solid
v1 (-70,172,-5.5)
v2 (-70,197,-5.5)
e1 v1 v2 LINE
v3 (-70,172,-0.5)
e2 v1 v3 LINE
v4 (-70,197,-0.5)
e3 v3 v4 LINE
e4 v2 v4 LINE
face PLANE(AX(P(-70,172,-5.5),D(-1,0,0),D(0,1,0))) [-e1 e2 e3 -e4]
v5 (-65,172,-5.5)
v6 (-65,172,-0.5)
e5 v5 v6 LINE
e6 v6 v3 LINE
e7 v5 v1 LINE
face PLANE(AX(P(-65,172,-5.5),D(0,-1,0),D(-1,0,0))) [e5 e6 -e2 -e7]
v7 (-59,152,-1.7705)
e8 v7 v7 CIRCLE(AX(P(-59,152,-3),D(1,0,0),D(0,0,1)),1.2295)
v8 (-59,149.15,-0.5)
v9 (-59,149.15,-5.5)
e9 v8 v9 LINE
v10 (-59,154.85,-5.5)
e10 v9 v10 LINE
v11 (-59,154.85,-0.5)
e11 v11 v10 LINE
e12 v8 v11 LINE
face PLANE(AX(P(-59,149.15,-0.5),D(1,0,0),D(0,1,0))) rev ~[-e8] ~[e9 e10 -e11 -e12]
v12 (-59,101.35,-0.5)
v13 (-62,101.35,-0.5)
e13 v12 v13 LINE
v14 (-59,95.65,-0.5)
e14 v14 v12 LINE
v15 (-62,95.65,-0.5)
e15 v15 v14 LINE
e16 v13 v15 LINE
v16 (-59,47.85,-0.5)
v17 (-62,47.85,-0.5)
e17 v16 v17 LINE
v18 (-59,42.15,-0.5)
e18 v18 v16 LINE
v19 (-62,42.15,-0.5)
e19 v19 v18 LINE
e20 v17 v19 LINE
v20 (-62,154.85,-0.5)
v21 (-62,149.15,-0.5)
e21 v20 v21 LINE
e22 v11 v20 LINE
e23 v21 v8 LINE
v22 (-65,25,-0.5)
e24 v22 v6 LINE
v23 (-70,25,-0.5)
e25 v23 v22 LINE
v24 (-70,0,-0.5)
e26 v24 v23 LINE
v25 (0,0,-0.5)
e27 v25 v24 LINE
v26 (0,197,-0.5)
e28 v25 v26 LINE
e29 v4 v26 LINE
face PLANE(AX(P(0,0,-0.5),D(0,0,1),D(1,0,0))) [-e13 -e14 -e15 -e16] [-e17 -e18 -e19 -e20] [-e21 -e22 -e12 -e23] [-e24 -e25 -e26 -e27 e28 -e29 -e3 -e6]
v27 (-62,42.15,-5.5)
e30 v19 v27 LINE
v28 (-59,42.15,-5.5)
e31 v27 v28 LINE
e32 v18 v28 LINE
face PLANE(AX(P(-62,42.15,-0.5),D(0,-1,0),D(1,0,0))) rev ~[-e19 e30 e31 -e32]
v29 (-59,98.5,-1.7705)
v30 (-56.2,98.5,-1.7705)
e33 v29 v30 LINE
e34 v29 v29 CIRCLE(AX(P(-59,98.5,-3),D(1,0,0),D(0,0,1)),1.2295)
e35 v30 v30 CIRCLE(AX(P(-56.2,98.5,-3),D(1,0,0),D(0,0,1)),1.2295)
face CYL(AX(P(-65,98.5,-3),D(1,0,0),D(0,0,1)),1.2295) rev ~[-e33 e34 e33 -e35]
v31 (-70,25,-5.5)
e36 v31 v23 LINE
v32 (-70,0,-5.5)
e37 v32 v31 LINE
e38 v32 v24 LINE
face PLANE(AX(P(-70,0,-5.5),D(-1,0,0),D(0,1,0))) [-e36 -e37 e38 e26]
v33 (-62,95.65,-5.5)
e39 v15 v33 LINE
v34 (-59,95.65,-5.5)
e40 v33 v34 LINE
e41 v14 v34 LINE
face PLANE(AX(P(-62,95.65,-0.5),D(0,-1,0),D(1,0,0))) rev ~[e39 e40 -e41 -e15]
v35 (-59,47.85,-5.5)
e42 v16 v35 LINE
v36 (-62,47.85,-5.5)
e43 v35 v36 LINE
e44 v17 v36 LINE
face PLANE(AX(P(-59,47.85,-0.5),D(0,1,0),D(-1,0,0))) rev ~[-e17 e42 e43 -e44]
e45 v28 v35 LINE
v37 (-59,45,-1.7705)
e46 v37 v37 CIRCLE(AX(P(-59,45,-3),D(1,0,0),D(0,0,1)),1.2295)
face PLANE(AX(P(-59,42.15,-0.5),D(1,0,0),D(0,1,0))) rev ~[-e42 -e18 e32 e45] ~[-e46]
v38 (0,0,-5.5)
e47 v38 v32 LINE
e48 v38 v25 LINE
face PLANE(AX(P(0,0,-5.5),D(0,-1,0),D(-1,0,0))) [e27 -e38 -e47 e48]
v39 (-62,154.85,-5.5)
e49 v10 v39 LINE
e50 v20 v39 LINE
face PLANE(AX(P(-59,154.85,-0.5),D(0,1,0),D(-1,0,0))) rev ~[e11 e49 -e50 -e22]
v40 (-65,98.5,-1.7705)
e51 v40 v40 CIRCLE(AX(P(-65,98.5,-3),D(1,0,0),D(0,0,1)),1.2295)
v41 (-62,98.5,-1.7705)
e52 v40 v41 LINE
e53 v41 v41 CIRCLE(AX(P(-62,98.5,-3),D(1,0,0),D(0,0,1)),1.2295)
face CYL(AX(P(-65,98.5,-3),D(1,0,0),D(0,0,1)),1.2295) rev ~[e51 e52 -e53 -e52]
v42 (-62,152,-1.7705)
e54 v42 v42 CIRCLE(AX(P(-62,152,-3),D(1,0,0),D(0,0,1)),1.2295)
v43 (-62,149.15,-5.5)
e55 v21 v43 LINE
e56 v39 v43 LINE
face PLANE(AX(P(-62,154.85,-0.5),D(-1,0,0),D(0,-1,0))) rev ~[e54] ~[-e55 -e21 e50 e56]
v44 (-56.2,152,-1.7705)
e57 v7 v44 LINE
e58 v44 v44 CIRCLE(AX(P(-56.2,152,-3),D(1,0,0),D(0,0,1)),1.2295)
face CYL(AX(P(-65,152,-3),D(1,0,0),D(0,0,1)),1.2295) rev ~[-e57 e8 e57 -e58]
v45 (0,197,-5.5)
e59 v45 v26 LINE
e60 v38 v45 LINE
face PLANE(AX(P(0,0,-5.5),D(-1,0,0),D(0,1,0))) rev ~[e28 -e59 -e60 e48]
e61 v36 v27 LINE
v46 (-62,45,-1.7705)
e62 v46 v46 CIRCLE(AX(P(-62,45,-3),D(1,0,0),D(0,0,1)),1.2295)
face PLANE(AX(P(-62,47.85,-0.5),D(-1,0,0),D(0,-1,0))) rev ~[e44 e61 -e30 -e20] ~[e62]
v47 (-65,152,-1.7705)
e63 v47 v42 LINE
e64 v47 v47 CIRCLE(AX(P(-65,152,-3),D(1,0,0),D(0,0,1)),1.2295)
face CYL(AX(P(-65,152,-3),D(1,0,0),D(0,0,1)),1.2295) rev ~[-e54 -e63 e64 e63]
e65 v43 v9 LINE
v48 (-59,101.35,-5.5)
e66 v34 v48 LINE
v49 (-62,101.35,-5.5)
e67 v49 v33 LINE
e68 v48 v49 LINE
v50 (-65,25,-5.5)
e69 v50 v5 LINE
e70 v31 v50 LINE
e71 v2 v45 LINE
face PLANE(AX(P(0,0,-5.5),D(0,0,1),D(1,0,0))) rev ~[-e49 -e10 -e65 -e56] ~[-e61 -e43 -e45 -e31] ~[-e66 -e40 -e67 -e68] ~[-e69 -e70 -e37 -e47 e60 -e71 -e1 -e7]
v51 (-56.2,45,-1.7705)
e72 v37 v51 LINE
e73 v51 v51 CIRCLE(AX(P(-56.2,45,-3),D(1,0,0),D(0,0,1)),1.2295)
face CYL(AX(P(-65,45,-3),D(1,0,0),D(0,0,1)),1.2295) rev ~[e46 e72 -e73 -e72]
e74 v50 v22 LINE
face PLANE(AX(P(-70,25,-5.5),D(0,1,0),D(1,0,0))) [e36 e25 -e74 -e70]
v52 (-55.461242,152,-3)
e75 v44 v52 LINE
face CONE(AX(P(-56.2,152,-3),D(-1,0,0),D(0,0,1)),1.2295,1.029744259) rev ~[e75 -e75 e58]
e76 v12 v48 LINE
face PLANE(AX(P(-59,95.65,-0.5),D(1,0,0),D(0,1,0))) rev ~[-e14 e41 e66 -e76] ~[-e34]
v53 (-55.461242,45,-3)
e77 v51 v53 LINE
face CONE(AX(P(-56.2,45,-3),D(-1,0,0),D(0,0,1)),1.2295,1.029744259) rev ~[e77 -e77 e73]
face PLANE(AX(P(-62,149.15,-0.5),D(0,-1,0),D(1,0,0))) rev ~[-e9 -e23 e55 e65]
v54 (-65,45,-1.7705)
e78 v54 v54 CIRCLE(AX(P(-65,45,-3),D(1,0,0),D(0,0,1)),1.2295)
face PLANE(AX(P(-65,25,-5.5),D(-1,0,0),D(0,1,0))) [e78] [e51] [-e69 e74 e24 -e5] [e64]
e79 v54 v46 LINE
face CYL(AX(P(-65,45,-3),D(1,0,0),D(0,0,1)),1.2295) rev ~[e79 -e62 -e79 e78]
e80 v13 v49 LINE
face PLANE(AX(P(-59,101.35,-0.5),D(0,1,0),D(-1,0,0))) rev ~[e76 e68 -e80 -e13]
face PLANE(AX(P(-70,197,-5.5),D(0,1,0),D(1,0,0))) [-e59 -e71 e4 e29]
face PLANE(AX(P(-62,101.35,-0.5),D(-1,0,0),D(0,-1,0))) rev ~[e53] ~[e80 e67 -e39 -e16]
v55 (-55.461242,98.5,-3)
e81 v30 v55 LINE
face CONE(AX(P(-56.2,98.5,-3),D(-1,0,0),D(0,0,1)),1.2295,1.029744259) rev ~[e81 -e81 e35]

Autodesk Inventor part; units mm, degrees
ref_plane "YZ Plane" through (0, 0, 0) normal (1, 0, 0) x (0, 1, 0)
ref_plane "XZ Plane" through (0, 0, 0) normal (0, 1, 0) x (-1, 0, 0)
ref_plane "XY Plane" through (0, 0, 0) normal (0, 0, 1) x (1, 0, 0)
ref_plane "Work Plane1" through (0, 0, -5.5) normal (0, 0, 1) x (1, 0, 0)
sketch "Sketch1" plane through (0, 0, -5.5) normal (0, 0, 1) x (1, 0, 0)
  line L0 (0, 197) -> (0, 0) construction
  line L1 (0, 197) -> (-20, 197) construction
  line L2 (-20, 0) -> (-20, 197) construction
  line L3 (0, 0) -> (-20, 0) construction
  line L4 (0, 0) -> (-70, 0) construction
  line L5 (-70, 0) -> (-70, -5) construction
  line L6 (0, -5) -> (-70, -5) construction
  line L7 (0, 0) -> (0, -5) construction
  line L8 (-70, 197) -> (0, 197) construction
  line L9 (0, 197) -> (0, 202) construction
  line L10 (-70, 202) -> (0, 202) construction
  line L11 (-70, 197) -> (-70, 202) construction
  line L12 (0, 0) -> (0, 197)
  line L13 (0, 0) -> (-70, 0)
  line L14 (-70, 0) -> (-70, 25)
  line L15 (-70, 25) -> (-65, 25)
  line L16 (-65, 25) -> (-65, 172)
  line L17 (-65, 172) -> (-70, 172)
  line L18 (-70, 172) -> (-70, 197)
  line L19 (-70, 197) -> (0, 197)
  line L20 (-65, 0) -> (-65, -5) construction
  dimension "d1" = 0
  dimension "d2" = 0
  dimension "d3" = 25
  dimension "d4" = 25
extrude "Extrusion1" add sketch "Sketch1" along normal blind 5
sketch "Sketch2" plane through (0, 0, -0.5) normal (0, 0, 1) x (1, 0, 0)
  point P0 (0, 0)
sketch "Sketch3" plane through (0, 0, -5.5) normal (0, 0, -1) x (-1, 0, 0)
  line L0 (0, 0) -> (0, 197) construction
  line L1 (0, 0) -> (20, 0) construction
  line L2 (20, 197) -> (20, 0) construction
  line L3 (0, 197) -> (20, 197) construction
  line L4 (10, 197) -> (10, 0) construction
  line L5 (0, 0) -> (0, 197) construction
  line L6 (0, 98.5) -> (20, 98.5) construction
  point P0 (10, 98.5)
  point P1 (10, 177)
  point P2 (10, 20)
  dimension "d7" = 20
  dimension "d8" = 20
hole "Hole1" [suppressed]
sketch "Sketch4" plane through (-65, 25, -5.5) normal (-1, 0, 0) x (0, 0, 1)
  line L0 (0, 147) -> (0, 0) construction
  line L1 (0, 0) -> (5, 0) construction
  line L2 (5, 147) -> (5, 0) construction
  line L3 (0, 147) -> (5, 147) construction
  line L4 (2.5, 0) -> (2.5, 147) construction
  line L5 (5, 147) -> (5, 0) construction
  line L6 (5, 73.5) -> (0, 73.5) construction
  point P0 (5.5, -25)
  point P1 (2.5, 73.5)
  point P2 (2.5, 127)
  point P3 (2.5, 20)
  dimension "d16" = 20
  dimension "d17" = 20
hole "Hole2" at (-65, 98.5, -3) at (-65, 152, -3) at (-65, 45, -3) direction (1, 0, 0) diameter 2.459 depth 8.8 tip angle 118 thread size "M3x0.5" class "6H" standard "ISO Metric profile"
sketch "Sketch5" plane through (0, 0, -0.5) normal (0, 0, 1) x (1, 0, 0)
  line L0 (-56.2, 46.2295) -> (-65, 46.2295) construction
  line L1 (-56.2, 43.7705) -> (-65, 43.7705) construction
  line L2 (-56.2, 99.7295) -> (-65, 99.7295) construction
  line L3 (-56.2, 97.2705) -> (-65, 97.2705) construction
  line L4 (-56.2, 153.2295) -> (-65, 153.2295) construction
  line L5 (-56.2, 150.7705) -> (-65, 150.7705) construction
  line L6 (-65, 43.7705) -> (-65, 46.2295) construction
  line L7 (-65, 43.7705) -> (-65, 46.2295) construction
  line L8 (-65, 45) -> (-57.2589, 45) construction
  line L9 (-62, 42.15) -> (-59, 42.15)
  line L10 (-59, 42.15) -> (-59, 47.85)
  line L11 (-59, 47.85) -> (-62, 47.85)
  line L12 (-62, 47.85) -> (-62, 42.15)
  line L13 (-65, 150.7705) -> (-65, 153.2295) construction
  line L14 (-65, 150.7705) -> (-65, 153.2295) construction
  line L15 (-65, 152) -> (-56.2589, 152) construction
  line L16 (-62, 149.15) -> (-59, 149.15)
  line L17 (-59, 149.15) -> (-59, 154.85)
  line L18 (-59, 154.85) -> (-62, 154.85)
  line L19 (-62, 154.85) -> (-62, 149.15)
  line L20 (-65, 97.2705) -> (-65, 99.7295) construction
  line L21 (-65, 97.2705) -> (-65, 99.7295) construction
  line L22 (-65, 98.5) -> (-54.9007, 98.5) construction
  line L23 (-62, 95.65) -> (-59, 95.65)
  line L24 (-59, 95.65) -> (-59, 101.35)
  line L25 (-59, 101.35) -> (-62, 101.35)
  line L26 (-62, 101.35) -> (-62, 95.65)
  point P0 (0, 0)
  dimension "d25" = 5.7
  dimension "d26" = 3
  dimension "d27" = 3
  dimension "d28" = 5.7
  dimension "d29" = 3
  dimension "d30" = 3
  dimension "d31" = 5.7
  dimension "d32" = 3
  dimension "d33" = 3
extrude "Extrusion2" cut sketch "Sketch5" against normal through all
sketch "Sketch6" plane through (0, 0, -5.5) normal (0, 0, -1) x (-1, 0, 0)
  line L0 (35, 87) -> (0, 87) projected
  arc A0 (35, 87) -> (35, 95) centre (35, 91) ccw projected
  line L1 (0, 95) -> (35, 95) projected
  line L2 (0, 95) -> (0, 87)
  line L3 (0, 0) -> (0, 197) projected
  line L4 (65, 153) -> (65, 110) construction
  line L5 (70, 153) -> (65, 153) construction
  line L6 (70, 110) -> (70, 153) construction
  line L7 (70, 110) -> (65, 110) construction
  line L8 (70, 131.5) -> (0, 131.5) construction
  line L9 (62, 139) -> (47, 139)
  line L10 (47, 139) -> (47, 124)
  line L11 (47, 124) -> (62, 124)
  line L12 (62, 124) -> (62, 139)
  dimension "d36" = 15
  dimension "d37" = 15
  dimension "d38" = 3
extrude "Extrusion3" [suppressed]
equation "\"d4\" = d3"
equation "\"d5\" = plate_thickness"
equation "\"d8\" = d7"
equation "\"d17\" = d16"
equation "\"plate_thickness\" = 5"
equation "\"basic_plate_offset\" = 0"
equation "\"ABS_tolerance\" = 0"
equation "\"laser_cutter_thickness\" = 0.1"
properties part number "fronts-02"
